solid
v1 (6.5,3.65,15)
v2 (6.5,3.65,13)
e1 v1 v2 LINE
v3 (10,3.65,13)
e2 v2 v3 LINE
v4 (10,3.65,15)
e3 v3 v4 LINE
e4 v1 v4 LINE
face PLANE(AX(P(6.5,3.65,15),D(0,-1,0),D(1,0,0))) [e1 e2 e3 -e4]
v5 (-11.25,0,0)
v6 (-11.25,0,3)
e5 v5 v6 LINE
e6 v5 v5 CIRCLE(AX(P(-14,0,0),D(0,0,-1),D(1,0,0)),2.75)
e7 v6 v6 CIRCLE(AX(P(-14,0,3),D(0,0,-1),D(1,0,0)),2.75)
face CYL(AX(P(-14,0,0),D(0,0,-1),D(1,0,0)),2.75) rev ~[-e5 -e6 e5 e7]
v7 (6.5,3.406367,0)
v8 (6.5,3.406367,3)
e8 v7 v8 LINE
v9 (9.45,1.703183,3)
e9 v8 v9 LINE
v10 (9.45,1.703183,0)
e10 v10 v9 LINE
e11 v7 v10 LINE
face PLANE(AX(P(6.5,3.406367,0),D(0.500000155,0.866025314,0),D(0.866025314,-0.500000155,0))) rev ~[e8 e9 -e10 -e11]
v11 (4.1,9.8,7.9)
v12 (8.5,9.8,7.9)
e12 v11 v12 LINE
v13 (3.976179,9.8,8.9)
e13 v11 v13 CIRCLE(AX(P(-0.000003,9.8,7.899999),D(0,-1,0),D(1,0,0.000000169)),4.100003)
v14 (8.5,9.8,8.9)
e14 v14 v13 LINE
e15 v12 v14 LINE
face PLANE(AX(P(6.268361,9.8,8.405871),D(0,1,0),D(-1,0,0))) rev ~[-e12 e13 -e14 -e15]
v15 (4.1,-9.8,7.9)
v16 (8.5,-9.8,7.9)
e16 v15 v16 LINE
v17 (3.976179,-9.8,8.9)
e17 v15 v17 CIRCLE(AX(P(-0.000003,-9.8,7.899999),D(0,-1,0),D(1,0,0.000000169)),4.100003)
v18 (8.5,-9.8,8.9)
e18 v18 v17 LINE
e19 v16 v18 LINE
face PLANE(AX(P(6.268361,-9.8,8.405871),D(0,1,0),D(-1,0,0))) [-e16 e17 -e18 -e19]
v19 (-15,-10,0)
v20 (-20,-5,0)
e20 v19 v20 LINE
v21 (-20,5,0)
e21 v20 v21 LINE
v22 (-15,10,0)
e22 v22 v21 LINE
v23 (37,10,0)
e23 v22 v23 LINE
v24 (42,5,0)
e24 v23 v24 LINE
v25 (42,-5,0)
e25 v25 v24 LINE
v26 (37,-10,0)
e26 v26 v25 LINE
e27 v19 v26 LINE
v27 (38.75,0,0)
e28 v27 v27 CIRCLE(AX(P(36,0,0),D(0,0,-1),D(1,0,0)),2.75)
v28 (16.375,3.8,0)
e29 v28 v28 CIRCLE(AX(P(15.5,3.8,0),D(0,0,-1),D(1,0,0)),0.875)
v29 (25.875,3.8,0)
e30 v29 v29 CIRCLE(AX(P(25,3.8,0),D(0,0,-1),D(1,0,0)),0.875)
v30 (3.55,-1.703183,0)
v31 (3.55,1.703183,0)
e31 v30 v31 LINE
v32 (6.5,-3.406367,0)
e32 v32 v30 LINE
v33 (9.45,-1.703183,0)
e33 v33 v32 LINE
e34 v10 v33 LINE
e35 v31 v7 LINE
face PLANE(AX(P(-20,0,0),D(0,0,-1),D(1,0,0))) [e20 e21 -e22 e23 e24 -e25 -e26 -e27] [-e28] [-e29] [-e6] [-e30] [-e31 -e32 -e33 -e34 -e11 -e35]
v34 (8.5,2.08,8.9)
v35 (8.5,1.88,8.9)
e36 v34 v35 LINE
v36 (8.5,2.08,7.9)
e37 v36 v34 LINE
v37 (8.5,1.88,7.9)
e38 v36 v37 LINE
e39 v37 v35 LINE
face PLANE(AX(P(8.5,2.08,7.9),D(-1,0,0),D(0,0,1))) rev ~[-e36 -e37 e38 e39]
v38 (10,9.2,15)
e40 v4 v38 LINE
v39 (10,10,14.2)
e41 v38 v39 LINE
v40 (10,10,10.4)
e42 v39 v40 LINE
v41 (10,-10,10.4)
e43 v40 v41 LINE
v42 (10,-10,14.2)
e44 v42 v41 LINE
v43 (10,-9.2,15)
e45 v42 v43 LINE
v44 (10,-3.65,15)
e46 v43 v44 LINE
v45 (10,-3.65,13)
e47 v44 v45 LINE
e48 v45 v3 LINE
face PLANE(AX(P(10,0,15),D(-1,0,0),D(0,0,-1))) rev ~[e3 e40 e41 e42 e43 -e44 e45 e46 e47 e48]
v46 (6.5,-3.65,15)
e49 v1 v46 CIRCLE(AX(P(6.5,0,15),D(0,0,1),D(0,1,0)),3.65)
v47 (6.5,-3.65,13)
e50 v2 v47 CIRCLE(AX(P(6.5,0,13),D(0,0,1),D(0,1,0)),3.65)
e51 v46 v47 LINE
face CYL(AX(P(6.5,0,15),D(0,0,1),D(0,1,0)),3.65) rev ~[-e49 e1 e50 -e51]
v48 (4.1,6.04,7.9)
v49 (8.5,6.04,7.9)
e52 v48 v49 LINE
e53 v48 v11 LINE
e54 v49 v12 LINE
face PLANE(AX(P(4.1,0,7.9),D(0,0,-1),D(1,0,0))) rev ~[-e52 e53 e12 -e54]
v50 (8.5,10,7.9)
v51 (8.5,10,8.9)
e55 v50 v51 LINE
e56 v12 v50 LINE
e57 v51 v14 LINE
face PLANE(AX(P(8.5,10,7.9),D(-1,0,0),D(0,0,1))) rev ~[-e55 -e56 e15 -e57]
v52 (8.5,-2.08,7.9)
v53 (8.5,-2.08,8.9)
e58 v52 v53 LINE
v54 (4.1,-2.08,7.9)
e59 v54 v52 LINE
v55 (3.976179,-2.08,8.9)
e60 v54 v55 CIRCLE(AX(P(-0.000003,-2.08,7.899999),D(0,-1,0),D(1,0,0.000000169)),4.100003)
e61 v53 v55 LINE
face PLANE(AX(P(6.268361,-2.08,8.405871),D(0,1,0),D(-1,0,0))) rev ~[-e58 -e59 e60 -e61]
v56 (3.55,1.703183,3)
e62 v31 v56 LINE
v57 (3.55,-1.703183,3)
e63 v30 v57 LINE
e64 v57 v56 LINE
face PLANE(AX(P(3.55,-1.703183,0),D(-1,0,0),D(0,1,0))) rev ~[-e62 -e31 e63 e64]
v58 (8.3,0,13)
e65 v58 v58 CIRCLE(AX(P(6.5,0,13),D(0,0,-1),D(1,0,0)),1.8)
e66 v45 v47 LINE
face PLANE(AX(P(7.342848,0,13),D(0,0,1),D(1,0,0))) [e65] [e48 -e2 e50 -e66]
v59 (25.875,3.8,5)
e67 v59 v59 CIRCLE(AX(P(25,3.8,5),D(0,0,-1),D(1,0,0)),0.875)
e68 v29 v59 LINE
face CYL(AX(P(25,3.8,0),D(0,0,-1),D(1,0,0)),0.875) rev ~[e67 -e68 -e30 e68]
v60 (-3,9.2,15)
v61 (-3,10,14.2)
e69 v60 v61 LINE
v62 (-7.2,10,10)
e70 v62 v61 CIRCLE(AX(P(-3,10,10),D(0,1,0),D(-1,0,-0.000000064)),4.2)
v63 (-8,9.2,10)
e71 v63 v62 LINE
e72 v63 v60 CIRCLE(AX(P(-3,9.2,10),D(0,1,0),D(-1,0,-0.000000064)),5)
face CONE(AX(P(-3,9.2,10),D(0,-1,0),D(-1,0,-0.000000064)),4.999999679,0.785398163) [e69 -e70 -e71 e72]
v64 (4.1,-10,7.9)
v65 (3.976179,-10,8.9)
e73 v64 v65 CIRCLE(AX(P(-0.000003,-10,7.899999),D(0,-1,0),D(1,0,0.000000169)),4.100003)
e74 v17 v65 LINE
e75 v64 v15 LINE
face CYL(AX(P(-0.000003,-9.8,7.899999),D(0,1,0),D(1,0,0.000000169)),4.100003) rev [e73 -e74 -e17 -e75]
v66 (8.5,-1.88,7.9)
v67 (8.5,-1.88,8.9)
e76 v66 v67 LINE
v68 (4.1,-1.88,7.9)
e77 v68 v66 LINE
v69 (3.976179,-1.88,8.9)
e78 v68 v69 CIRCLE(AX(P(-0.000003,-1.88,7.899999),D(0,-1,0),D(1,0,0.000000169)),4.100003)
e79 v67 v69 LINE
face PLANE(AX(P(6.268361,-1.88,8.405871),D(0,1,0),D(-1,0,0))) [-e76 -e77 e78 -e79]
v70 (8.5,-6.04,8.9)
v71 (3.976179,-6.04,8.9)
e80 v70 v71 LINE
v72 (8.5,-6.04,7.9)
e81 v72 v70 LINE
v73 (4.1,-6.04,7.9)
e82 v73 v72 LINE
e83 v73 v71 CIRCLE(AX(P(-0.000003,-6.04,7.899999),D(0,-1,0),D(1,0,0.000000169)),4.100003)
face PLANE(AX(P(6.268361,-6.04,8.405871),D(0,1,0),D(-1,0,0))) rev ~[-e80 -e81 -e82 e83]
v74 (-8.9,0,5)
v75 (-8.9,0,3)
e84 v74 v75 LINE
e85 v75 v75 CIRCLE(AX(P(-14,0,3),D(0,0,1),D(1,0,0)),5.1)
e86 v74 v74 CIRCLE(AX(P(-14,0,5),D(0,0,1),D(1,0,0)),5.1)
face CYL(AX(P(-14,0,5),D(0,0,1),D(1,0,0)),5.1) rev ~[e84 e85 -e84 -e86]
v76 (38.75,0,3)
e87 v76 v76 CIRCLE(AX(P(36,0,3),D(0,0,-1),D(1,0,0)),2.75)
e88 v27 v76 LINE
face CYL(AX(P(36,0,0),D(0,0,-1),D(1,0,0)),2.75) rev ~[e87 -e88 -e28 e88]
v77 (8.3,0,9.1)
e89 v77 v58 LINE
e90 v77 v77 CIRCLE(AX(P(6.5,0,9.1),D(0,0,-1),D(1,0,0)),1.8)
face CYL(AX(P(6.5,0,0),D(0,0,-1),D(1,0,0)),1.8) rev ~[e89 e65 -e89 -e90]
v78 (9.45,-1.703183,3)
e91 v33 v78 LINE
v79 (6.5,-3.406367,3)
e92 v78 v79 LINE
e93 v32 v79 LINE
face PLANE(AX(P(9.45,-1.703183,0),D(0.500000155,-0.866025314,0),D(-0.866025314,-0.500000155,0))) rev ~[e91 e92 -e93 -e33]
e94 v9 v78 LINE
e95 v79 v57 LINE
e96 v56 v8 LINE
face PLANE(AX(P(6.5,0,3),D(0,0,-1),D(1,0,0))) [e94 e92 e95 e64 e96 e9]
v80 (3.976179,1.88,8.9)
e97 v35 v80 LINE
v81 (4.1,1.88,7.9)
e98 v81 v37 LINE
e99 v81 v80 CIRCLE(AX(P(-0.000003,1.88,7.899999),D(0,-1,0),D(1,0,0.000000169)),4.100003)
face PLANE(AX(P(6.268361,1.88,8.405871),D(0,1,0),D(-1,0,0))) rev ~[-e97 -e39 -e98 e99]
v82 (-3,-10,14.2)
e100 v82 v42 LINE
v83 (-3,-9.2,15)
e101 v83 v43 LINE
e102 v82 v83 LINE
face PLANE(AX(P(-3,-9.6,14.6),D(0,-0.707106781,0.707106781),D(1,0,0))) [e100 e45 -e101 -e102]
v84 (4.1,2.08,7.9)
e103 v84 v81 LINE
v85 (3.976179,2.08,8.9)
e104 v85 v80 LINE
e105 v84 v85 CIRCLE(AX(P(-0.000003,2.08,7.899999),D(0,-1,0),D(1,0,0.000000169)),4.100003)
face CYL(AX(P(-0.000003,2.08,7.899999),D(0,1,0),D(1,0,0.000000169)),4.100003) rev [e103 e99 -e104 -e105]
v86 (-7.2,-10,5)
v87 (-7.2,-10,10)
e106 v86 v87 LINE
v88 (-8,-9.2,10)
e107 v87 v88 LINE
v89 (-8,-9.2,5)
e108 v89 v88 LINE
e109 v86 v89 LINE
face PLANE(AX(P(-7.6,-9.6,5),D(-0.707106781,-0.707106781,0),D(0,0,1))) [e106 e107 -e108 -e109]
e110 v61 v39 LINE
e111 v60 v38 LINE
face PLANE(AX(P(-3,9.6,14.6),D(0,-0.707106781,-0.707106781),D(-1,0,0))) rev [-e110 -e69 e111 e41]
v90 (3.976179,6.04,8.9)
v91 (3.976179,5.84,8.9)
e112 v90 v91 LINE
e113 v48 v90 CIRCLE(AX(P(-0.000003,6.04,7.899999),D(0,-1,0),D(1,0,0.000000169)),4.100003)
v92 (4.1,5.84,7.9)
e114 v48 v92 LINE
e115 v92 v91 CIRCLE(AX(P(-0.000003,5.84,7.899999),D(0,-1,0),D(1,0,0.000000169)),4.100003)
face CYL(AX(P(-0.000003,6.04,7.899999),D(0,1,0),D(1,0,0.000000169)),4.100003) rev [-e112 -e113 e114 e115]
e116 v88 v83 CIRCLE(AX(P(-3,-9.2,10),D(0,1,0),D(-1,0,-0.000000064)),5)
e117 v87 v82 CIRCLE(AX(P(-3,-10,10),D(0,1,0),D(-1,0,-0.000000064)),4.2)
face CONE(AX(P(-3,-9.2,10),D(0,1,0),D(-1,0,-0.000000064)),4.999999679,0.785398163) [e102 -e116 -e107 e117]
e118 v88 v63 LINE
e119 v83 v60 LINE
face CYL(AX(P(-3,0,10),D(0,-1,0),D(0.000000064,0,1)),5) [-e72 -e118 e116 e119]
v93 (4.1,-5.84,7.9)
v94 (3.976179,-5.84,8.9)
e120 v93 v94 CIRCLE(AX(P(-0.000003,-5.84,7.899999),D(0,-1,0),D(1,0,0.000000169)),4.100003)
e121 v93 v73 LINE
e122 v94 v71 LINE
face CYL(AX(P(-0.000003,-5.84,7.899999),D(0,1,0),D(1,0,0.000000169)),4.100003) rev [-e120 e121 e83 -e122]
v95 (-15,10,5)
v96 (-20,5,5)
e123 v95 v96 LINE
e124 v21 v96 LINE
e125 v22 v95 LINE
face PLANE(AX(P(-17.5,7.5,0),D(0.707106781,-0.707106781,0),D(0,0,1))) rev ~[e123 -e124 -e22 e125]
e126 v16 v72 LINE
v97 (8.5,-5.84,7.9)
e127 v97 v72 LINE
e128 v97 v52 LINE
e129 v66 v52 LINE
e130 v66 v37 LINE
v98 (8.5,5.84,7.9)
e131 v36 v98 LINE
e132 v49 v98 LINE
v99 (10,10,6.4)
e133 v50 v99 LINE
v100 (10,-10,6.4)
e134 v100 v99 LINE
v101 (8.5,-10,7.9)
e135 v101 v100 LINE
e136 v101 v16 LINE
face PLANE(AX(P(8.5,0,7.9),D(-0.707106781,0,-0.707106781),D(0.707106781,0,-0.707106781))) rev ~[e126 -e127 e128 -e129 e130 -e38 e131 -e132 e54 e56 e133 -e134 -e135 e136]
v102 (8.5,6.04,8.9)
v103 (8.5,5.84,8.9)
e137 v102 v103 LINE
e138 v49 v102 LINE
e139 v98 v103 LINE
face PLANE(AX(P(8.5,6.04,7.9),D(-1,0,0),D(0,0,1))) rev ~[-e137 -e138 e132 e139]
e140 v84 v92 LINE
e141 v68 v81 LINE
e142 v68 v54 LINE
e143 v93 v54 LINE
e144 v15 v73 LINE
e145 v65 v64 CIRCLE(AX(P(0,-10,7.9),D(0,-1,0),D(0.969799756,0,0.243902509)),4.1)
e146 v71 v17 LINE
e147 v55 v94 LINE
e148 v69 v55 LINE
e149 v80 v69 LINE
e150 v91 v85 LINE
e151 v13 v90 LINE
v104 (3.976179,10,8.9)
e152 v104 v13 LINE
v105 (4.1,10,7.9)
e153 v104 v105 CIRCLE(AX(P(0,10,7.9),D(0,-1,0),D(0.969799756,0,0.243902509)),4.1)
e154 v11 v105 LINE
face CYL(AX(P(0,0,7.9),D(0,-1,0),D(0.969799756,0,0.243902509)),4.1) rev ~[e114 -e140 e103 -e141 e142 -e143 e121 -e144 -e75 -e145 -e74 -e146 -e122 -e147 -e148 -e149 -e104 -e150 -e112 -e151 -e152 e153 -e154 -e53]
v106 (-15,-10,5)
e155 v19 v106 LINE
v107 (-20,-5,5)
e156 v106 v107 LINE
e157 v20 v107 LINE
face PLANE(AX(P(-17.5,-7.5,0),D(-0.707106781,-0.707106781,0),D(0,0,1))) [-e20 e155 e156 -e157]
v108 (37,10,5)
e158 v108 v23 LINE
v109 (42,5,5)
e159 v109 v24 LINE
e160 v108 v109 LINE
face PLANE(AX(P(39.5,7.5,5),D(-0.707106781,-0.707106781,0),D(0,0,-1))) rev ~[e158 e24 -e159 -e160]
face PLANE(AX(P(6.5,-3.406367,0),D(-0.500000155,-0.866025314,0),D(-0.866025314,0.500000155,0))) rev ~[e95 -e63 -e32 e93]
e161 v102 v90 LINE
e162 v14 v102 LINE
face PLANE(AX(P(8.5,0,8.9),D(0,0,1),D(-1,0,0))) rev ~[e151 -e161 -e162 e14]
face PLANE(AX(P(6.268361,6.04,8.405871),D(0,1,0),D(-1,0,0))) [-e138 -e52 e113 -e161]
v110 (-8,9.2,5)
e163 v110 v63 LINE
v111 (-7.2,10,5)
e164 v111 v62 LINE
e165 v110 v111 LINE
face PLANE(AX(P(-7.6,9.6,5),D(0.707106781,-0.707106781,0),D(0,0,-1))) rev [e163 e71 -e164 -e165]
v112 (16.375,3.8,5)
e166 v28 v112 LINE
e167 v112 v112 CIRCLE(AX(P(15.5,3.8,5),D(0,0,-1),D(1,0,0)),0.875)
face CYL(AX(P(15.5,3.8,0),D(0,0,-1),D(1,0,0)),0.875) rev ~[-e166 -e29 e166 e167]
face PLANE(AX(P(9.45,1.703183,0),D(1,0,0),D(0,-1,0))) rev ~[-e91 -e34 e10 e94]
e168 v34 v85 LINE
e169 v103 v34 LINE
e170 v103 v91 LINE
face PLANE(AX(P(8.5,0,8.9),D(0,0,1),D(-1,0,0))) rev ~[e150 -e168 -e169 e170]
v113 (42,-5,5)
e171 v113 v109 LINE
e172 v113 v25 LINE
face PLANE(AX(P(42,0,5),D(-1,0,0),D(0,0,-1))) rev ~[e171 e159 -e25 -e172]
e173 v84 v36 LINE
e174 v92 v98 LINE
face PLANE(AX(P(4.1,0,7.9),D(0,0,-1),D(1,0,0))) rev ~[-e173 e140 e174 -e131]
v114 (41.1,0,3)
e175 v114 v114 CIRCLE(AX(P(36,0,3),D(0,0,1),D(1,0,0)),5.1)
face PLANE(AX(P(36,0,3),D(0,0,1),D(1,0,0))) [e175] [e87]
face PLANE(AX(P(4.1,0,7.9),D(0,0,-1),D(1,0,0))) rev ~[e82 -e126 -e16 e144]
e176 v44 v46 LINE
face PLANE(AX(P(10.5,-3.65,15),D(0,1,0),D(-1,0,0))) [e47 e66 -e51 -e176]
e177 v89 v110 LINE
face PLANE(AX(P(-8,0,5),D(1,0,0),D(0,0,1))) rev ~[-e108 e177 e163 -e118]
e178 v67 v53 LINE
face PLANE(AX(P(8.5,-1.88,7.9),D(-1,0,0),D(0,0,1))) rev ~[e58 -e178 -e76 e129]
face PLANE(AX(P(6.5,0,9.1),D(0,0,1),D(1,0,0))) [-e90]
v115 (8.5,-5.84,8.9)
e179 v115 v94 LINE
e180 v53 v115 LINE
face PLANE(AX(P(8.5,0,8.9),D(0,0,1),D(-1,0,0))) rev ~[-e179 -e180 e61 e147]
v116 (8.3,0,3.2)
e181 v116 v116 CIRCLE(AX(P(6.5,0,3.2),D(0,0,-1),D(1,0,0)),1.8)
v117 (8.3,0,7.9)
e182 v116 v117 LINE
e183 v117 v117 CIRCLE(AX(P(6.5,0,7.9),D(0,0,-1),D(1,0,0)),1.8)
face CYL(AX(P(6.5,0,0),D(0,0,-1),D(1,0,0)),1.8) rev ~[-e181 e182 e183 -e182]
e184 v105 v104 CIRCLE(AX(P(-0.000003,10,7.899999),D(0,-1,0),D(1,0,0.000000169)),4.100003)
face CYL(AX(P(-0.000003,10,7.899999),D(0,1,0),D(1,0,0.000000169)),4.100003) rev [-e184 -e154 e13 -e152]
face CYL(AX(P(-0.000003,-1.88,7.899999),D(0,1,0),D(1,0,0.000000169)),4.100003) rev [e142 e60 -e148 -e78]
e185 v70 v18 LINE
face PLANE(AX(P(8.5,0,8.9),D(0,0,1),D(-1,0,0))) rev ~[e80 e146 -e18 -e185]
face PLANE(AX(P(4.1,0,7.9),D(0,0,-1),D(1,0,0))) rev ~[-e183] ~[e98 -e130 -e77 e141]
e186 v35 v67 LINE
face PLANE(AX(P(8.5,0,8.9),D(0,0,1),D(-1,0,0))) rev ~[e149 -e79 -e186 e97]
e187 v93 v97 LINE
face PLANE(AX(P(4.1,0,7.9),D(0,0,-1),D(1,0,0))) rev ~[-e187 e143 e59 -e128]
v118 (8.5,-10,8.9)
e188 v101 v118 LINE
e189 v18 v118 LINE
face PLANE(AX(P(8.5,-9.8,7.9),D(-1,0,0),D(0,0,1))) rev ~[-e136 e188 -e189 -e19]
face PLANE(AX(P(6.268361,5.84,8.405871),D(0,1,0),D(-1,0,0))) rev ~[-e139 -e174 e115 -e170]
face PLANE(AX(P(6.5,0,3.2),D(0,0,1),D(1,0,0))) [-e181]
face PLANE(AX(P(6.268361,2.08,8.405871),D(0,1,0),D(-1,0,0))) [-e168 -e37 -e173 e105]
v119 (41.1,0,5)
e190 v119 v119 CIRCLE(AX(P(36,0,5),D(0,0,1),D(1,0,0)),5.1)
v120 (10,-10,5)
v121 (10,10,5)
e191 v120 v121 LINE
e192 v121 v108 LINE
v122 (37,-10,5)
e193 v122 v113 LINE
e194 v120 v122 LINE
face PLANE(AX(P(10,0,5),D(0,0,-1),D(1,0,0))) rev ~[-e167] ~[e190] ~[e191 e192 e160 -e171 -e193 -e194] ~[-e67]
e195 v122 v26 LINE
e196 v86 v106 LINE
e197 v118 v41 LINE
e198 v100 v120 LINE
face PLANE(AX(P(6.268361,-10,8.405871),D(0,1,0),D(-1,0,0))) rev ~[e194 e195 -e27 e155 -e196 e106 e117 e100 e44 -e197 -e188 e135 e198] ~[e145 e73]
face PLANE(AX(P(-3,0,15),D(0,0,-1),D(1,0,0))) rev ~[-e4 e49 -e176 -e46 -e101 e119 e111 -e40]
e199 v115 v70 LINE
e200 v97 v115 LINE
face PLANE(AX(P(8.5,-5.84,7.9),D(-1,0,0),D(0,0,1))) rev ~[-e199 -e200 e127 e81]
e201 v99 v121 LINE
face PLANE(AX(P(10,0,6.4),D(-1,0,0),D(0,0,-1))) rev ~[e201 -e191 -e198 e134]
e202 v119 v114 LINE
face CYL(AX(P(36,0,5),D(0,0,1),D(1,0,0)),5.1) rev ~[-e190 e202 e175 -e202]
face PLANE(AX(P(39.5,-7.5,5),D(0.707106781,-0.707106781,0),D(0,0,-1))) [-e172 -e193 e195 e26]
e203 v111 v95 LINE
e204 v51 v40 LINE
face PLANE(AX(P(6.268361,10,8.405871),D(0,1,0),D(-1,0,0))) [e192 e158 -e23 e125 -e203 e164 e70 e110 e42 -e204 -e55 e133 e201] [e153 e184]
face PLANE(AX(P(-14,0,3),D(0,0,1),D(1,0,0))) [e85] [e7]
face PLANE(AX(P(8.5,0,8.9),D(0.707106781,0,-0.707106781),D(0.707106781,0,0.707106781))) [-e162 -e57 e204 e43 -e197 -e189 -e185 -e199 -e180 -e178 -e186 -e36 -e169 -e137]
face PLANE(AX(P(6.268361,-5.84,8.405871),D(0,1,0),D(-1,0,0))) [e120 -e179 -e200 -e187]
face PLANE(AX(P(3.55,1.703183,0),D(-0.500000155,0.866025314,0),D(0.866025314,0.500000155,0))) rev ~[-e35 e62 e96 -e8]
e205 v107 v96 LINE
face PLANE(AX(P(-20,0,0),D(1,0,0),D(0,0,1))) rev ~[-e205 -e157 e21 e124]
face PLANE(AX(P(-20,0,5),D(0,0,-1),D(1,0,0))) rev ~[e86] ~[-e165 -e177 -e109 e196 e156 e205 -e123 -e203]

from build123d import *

# Parameters (mm, degrees)
PAD_DEPTH           = 10
SKETCH001_R         = 2.75
SKETCH001_R_2       = 1.8
SKETCH001_R_3       = 0.875
POCKET_DEPTH        = 15.001
POCKET001_DEPTH     = 3
SKETCH003_R         = 5.1
POCKET002_DEPTH     = 2
SKETCH004_R         = 1.9
PAD001_DEPTH        = 0.2
SKETCH005_R         = 2.95
PAD002_DEPTH        = 0.2
PAD003_DEPTH        = 0.2
LINEARPATTERN_COUNT = 6
LINEARPATTERN_PITCH = 3.96
POCKET003_DEPTH     = 2
CHAMFER_SIZE        = 5
CHAMFER001_SIZE     = 0.8


with BuildPart() as part:
    # Sketch → Pad (new body, symmetric)
    with BuildSketch(Plane.XZ):
        with BuildLine():
            ThreePointArc((3.976179, 8.9), (-4.068927, 7.396182), (4.1, 7.9))
            Line((4.1, 7.9), (8.5, 7.9))
            Line((8.5, 7.9), (10, 6.4))
            Line((10, 6.4), (10, 5))
            Line((10, 5), (42, 5))
            Line((42, 5), (42, 0))
            Line((-20, 0), (42, 0))
            Line((-20, 0), (-20, 5))
            Line((-20, 5), (-8, 5))
            Line((-8, 5), (-8, 10))
            ThreePointArc((-3, 15), (-6.535534, 13.535534), (-8, 10))
            Line((-3, 15), (10, 15))
            Line((10, 15), (10, 10.4))
            Line((8.5, 8.9), (10, 10.4))
            Line((8.5, 8.9), (3.976179, 8.9))
        make_face()
    extrude(amount=PAD_DEPTH, both=True)

    # Sketch001 → Pocket (cut, through all)
    with BuildSketch(Plane(origin=(0, 0, 0), x_dir=(1, 0, 0), z_dir=(0, 0, -1))):
        with Locations((-14, 0)):
            Circle(SKETCH001_R)
        with Locations((36, 0)):
            Circle(SKETCH001_R)
        with Locations((6.5, 0)):
            Circle(SKETCH001_R_2)
        with Locations((15.5, -3.8)):
            Circle(SKETCH001_R_3)
        with Locations((25, -3.8)):
            Circle(SKETCH001_R_3)
    extrude(amount=-POCKET_DEPTH, mode=Mode.SUBTRACT)

    # Sketch002 → Pocket001 (cut)
    with BuildSketch(Plane(origin=(0, 0, 0), x_dir=(1, 0, 0), z_dir=(0, 0, -1))):
        Polygon((6.5, 3.406367), (3.55, 1.703183), (3.55, -1.703183), (6.5, -3.406367), (9.45, -1.703183), (9.45, 1.703183), align=None)
    extrude(amount=-POCKET001_DEPTH, mode=Mode.SUBTRACT)

    # Sketch003 → Pocket002 (cut)
    with BuildSketch(Plane.XY.offset(5)):
        with Locations((36, 0)):
            Circle(SKETCH003_R)
        with Locations((-14, 0)):
            Circle(SKETCH003_R)
    extrude(amount=-POCKET002_DEPTH, mode=Mode.SUBTRACT)

    # Sketch004 → Pad001 (join)
    with BuildSketch(Plane.XY.offset(8.9)):
        with Locations((6.5, 0)):
            Circle(SKETCH004_R)
    extrude(amount=PAD001_DEPTH)

    # Sketch005 → Pad002 (join)
    with BuildSketch(Plane.XY.offset(3)):
        with Locations((6.5, 0)):
            Circle(SKETCH005_R)
    extrude(amount=PAD002_DEPTH)

    # Sketch006 → Pad003 (join)
    with BuildSketch(Plane.XZ.offset(-10)):
        with BuildLine():
            ThreePointArc((4.1, 7.9), (4.068927, 8.403818), (3.976179, 8.9))
            Line((8.5, 8.9), (3.976179, 8.9))
            Line((8.5, 7.9), (8.5, 8.9))
            Line((4.1, 7.9), (8.5, 7.9))
        make_face()
    pad003 = extrude(amount=PAD003_DEPTH)

    # LinearPattern: Pad003 ×6
    with Locations(*[(0, -i * LINEARPATTERN_PITCH, 0) for i in range(1, LINEARPATTERN_COUNT)]):
        add(pad003)

    # Sketch007 → Pocket003 (cut)
    with BuildSketch(Plane.XY.offset(15)):
        with BuildLine():
            ThreePointArc((6.5, 3.65), (2.85, 0), (6.5, -3.65))
            Line((10.5, -3.65), (6.5, -3.65))
            Line((10.5, 3.65), (10.5, -3.65))
            Line((6.5, 3.65), (10.5, 3.65))
        make_face()
    extrude(amount=-POCKET003_DEPTH, mode=Mode.SUBTRACT)

    # Chamfer
    chamfer_edges = [part.edges().sort_by_distance(p)[0] for p in [
        (-20, -10, 2.5),
        (42, -10, 2.5),
        (42, 10, 2.5),
        (-20, 10, 2.5),
    ]]
    chamfer(chamfer_edges, length=CHAMFER_SIZE)

    # Chamfer001
    chamfer001_edges = [part.edges().sort_by_distance(p)[0] for p in [
        (-8, -10, 7.5),
        (-6.535534, -10, 13.535534),
        (3.5, -10, 15),
        (3.5, 10, 15),
        (-6.535534, 10, 13.535534),
        (-8, 10, 7.5),
    ]]
    chamfer(chamfer001_edges, length=CHAMFER001_SIZE)


solid = part.part
